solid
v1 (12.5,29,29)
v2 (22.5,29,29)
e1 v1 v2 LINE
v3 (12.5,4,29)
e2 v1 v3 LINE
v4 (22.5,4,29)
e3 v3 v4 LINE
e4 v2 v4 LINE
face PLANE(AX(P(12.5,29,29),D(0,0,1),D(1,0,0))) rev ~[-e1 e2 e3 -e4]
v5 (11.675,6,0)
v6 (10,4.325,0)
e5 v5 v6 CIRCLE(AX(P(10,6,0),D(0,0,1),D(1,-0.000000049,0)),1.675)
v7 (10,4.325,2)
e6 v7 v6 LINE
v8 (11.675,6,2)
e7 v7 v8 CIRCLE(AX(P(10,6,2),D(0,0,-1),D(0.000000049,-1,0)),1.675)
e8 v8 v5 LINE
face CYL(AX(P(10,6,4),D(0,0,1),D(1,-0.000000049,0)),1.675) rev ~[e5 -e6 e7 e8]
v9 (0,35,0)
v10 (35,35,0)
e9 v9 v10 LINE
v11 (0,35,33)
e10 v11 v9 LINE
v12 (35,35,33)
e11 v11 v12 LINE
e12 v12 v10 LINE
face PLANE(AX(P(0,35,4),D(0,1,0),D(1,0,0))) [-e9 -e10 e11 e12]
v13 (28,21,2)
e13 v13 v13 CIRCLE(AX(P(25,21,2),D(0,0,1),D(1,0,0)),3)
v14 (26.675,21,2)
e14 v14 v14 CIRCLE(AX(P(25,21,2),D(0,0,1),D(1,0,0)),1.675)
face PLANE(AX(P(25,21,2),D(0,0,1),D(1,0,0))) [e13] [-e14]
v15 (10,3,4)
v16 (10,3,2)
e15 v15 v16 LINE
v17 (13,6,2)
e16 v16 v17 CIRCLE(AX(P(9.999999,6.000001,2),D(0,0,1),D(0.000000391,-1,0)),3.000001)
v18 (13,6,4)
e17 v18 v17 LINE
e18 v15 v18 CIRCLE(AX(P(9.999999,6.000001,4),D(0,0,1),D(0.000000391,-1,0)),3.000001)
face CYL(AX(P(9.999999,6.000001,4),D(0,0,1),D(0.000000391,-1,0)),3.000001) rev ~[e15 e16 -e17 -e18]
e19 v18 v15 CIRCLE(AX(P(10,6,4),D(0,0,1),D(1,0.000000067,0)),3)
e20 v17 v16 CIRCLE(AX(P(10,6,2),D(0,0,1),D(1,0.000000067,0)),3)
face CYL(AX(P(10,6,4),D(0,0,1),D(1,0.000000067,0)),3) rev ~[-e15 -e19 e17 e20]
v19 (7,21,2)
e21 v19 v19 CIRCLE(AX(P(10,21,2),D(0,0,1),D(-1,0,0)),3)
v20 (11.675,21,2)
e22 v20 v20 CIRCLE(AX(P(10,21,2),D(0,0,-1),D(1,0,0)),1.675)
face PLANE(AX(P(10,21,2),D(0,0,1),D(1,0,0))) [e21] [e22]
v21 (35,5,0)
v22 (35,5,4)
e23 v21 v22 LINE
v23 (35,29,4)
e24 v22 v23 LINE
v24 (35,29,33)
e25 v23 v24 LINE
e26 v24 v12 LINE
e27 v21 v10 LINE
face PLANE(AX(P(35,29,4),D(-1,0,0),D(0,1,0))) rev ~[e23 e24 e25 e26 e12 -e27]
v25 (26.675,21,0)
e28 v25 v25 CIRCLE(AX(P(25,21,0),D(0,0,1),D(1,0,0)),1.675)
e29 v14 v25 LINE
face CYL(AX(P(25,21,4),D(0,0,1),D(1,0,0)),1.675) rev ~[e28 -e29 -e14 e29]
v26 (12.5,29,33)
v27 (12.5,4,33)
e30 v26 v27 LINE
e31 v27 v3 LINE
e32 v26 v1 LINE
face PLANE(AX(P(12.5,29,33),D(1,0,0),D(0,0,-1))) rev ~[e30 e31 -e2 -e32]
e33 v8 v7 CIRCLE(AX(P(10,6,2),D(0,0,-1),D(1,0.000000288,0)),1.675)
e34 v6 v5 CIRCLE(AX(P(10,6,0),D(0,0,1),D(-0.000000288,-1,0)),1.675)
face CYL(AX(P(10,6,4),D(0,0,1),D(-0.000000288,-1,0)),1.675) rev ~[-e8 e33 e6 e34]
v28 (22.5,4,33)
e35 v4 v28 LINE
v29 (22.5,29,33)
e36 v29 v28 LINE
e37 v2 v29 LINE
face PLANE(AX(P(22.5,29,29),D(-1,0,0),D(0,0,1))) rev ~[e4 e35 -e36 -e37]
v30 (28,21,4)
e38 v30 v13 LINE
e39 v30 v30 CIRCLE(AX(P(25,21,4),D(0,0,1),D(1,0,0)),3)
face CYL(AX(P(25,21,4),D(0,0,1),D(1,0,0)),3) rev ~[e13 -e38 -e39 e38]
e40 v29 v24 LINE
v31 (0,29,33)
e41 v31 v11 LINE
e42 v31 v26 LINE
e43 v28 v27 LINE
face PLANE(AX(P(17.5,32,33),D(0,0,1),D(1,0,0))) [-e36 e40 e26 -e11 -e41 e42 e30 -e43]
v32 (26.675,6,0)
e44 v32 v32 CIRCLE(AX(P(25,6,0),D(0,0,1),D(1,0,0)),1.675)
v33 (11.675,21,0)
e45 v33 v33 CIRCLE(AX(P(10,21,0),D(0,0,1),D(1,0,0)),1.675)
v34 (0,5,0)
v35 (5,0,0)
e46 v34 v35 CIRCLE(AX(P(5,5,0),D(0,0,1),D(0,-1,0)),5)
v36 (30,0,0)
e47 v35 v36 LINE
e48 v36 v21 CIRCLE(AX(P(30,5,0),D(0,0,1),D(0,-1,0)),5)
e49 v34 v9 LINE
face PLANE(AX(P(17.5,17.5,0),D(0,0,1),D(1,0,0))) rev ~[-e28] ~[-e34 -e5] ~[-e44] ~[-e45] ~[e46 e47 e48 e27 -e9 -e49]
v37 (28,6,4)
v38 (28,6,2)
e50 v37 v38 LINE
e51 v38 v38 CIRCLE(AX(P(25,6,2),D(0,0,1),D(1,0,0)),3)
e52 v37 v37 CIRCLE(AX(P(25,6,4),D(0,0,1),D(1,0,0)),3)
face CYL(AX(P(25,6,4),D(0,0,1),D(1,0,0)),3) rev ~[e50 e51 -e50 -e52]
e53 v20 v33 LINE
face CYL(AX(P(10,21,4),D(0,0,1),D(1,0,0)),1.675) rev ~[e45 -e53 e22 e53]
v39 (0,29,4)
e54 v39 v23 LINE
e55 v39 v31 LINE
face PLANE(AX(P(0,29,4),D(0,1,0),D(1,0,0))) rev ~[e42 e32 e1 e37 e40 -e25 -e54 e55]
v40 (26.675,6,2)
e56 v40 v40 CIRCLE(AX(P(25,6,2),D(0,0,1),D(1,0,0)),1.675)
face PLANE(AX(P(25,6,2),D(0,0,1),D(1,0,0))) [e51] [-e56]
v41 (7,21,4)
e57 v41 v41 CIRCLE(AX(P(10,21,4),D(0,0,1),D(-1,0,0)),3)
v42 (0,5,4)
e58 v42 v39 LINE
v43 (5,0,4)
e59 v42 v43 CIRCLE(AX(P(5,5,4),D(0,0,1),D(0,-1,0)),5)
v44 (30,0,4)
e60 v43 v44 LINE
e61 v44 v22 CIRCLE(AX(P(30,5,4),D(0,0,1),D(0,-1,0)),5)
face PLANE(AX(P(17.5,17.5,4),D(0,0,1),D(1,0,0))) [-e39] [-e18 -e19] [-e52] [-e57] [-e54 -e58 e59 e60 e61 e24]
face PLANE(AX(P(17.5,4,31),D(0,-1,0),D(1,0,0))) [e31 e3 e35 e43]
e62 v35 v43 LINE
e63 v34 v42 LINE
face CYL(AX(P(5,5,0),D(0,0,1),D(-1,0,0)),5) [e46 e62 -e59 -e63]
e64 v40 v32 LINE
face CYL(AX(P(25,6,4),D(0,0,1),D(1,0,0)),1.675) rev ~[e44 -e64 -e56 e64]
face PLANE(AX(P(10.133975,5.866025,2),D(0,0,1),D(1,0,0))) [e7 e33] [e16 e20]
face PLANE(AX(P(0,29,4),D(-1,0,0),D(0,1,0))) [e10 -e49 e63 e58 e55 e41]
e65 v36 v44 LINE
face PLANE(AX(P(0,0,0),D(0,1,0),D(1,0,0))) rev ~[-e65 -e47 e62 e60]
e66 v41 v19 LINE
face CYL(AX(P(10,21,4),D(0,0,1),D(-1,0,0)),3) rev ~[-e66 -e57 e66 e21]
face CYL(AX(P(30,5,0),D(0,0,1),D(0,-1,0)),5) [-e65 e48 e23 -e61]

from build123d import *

# Parameters (mm, degrees)
F0_W     = 35
F0_H     = 35
F1_DEPTH = 4
F2_R     = 3
F2_R_2   = 1.675
F4_DEPTH = 2
F5_R     = 5
F6_DEPTH = 25
F3_W     = 35
F3_H     = 6
F7_DEPTH = 29
F9_DEPTH = 25


with BuildPart() as f1:
    # F0 (on Top) → F1 (new body)
    with BuildSketch(Plane.XY):
        with Locations((17.5, 17.5)):
            Rectangle(F0_W, F0_H)
    extrude(amount=F1_DEPTH)

    # F2 (on face) → F4 (cut)
    with BuildSketch(Plane.XY.offset(4)):
        with BuildLine():
            ThreePointArc((13, 21), (10, 24), (7, 21))
            ThreePointArc((7, 21), (10, 18), (13, 21))
        make_face()
        with BuildLine():
            ThreePointArc((8.325, 21), (10, 22.675), (11.675, 21))
            ThreePointArc((11.675, 21), (10, 19.325), (8.325, 21))
        make_face(mode=Mode.SUBTRACT)
        with Locations((25, 21)):
            Circle(F2_R)
        with Locations((25, 21)):
            Circle(F2_R_2, mode=Mode.SUBTRACT)
        with Locations((25, 6)):
            Circle(F2_R)
        with Locations((25, 6)):
            Circle(F2_R_2, mode=Mode.SUBTRACT)
        with BuildLine():
            ThreePointArc((13, 6), (7.87868, 8.12132), (10, 3))
            ThreePointArc((10, 3), (12.12132, 3.87868), (13, 6))
        make_face()
        with BuildLine():
            ThreePointArc((11.675, 6), (11.184404, 4.815596), (10, 4.325))
            ThreePointArc((10, 4.325), (8.815596, 7.184404), (11.675, 6))
        make_face(mode=Mode.SUBTRACT)
    extrude(amount=-F4_DEPTH, mode=Mode.SUBTRACT)

    # F5
    f5_edges = [f1.edges().sort_by_distance(p)[0] for p in [
        (0, 0, 2),
        (35, 0, 2),
    ]]
    fillet(f5_edges, radius=F5_R)

    # F2 (on face) → F6 (cut)
    with BuildSketch(Plane.XY.offset(4)):
        with BuildLine():
            ThreePointArc((8.325, 21), (10, 19.325), (11.675, 21))
            ThreePointArc((11.675, 21), (10, 22.675), (8.325, 21))
        make_face()
        with Locations((25, 21)):
            Circle(F2_R_2)
        with Locations((25, 6)):
            Circle(F2_R_2)
        with BuildLine():
            ThreePointArc((11.675, 6), (8.815596, 7.184404), (10, 4.325))
            ThreePointArc((10, 4.325), (11.184404, 4.815596), (11.675, 6))
        make_face()
    extrude(amount=-F6_DEPTH, mode=Mode.SUBTRACT)

    # F3 (on face) → F7 (join)
    with BuildSketch(Plane.XY.offset(4)):
        with Locations((17.5, 32)):
            Rectangle(F3_W, F3_H)
    extrude(amount=F7_DEPTH)

    # F8 (on face) → F9 (join)
    with BuildSketch(Plane.XZ.offset(-29)):
        Polygon((22.5, 33), (17.5, 33), (12.5, 33), (12.5, 29), (22.5, 29), align=None)
    extrude(amount=F9_DEPTH)


solid = f1.part
